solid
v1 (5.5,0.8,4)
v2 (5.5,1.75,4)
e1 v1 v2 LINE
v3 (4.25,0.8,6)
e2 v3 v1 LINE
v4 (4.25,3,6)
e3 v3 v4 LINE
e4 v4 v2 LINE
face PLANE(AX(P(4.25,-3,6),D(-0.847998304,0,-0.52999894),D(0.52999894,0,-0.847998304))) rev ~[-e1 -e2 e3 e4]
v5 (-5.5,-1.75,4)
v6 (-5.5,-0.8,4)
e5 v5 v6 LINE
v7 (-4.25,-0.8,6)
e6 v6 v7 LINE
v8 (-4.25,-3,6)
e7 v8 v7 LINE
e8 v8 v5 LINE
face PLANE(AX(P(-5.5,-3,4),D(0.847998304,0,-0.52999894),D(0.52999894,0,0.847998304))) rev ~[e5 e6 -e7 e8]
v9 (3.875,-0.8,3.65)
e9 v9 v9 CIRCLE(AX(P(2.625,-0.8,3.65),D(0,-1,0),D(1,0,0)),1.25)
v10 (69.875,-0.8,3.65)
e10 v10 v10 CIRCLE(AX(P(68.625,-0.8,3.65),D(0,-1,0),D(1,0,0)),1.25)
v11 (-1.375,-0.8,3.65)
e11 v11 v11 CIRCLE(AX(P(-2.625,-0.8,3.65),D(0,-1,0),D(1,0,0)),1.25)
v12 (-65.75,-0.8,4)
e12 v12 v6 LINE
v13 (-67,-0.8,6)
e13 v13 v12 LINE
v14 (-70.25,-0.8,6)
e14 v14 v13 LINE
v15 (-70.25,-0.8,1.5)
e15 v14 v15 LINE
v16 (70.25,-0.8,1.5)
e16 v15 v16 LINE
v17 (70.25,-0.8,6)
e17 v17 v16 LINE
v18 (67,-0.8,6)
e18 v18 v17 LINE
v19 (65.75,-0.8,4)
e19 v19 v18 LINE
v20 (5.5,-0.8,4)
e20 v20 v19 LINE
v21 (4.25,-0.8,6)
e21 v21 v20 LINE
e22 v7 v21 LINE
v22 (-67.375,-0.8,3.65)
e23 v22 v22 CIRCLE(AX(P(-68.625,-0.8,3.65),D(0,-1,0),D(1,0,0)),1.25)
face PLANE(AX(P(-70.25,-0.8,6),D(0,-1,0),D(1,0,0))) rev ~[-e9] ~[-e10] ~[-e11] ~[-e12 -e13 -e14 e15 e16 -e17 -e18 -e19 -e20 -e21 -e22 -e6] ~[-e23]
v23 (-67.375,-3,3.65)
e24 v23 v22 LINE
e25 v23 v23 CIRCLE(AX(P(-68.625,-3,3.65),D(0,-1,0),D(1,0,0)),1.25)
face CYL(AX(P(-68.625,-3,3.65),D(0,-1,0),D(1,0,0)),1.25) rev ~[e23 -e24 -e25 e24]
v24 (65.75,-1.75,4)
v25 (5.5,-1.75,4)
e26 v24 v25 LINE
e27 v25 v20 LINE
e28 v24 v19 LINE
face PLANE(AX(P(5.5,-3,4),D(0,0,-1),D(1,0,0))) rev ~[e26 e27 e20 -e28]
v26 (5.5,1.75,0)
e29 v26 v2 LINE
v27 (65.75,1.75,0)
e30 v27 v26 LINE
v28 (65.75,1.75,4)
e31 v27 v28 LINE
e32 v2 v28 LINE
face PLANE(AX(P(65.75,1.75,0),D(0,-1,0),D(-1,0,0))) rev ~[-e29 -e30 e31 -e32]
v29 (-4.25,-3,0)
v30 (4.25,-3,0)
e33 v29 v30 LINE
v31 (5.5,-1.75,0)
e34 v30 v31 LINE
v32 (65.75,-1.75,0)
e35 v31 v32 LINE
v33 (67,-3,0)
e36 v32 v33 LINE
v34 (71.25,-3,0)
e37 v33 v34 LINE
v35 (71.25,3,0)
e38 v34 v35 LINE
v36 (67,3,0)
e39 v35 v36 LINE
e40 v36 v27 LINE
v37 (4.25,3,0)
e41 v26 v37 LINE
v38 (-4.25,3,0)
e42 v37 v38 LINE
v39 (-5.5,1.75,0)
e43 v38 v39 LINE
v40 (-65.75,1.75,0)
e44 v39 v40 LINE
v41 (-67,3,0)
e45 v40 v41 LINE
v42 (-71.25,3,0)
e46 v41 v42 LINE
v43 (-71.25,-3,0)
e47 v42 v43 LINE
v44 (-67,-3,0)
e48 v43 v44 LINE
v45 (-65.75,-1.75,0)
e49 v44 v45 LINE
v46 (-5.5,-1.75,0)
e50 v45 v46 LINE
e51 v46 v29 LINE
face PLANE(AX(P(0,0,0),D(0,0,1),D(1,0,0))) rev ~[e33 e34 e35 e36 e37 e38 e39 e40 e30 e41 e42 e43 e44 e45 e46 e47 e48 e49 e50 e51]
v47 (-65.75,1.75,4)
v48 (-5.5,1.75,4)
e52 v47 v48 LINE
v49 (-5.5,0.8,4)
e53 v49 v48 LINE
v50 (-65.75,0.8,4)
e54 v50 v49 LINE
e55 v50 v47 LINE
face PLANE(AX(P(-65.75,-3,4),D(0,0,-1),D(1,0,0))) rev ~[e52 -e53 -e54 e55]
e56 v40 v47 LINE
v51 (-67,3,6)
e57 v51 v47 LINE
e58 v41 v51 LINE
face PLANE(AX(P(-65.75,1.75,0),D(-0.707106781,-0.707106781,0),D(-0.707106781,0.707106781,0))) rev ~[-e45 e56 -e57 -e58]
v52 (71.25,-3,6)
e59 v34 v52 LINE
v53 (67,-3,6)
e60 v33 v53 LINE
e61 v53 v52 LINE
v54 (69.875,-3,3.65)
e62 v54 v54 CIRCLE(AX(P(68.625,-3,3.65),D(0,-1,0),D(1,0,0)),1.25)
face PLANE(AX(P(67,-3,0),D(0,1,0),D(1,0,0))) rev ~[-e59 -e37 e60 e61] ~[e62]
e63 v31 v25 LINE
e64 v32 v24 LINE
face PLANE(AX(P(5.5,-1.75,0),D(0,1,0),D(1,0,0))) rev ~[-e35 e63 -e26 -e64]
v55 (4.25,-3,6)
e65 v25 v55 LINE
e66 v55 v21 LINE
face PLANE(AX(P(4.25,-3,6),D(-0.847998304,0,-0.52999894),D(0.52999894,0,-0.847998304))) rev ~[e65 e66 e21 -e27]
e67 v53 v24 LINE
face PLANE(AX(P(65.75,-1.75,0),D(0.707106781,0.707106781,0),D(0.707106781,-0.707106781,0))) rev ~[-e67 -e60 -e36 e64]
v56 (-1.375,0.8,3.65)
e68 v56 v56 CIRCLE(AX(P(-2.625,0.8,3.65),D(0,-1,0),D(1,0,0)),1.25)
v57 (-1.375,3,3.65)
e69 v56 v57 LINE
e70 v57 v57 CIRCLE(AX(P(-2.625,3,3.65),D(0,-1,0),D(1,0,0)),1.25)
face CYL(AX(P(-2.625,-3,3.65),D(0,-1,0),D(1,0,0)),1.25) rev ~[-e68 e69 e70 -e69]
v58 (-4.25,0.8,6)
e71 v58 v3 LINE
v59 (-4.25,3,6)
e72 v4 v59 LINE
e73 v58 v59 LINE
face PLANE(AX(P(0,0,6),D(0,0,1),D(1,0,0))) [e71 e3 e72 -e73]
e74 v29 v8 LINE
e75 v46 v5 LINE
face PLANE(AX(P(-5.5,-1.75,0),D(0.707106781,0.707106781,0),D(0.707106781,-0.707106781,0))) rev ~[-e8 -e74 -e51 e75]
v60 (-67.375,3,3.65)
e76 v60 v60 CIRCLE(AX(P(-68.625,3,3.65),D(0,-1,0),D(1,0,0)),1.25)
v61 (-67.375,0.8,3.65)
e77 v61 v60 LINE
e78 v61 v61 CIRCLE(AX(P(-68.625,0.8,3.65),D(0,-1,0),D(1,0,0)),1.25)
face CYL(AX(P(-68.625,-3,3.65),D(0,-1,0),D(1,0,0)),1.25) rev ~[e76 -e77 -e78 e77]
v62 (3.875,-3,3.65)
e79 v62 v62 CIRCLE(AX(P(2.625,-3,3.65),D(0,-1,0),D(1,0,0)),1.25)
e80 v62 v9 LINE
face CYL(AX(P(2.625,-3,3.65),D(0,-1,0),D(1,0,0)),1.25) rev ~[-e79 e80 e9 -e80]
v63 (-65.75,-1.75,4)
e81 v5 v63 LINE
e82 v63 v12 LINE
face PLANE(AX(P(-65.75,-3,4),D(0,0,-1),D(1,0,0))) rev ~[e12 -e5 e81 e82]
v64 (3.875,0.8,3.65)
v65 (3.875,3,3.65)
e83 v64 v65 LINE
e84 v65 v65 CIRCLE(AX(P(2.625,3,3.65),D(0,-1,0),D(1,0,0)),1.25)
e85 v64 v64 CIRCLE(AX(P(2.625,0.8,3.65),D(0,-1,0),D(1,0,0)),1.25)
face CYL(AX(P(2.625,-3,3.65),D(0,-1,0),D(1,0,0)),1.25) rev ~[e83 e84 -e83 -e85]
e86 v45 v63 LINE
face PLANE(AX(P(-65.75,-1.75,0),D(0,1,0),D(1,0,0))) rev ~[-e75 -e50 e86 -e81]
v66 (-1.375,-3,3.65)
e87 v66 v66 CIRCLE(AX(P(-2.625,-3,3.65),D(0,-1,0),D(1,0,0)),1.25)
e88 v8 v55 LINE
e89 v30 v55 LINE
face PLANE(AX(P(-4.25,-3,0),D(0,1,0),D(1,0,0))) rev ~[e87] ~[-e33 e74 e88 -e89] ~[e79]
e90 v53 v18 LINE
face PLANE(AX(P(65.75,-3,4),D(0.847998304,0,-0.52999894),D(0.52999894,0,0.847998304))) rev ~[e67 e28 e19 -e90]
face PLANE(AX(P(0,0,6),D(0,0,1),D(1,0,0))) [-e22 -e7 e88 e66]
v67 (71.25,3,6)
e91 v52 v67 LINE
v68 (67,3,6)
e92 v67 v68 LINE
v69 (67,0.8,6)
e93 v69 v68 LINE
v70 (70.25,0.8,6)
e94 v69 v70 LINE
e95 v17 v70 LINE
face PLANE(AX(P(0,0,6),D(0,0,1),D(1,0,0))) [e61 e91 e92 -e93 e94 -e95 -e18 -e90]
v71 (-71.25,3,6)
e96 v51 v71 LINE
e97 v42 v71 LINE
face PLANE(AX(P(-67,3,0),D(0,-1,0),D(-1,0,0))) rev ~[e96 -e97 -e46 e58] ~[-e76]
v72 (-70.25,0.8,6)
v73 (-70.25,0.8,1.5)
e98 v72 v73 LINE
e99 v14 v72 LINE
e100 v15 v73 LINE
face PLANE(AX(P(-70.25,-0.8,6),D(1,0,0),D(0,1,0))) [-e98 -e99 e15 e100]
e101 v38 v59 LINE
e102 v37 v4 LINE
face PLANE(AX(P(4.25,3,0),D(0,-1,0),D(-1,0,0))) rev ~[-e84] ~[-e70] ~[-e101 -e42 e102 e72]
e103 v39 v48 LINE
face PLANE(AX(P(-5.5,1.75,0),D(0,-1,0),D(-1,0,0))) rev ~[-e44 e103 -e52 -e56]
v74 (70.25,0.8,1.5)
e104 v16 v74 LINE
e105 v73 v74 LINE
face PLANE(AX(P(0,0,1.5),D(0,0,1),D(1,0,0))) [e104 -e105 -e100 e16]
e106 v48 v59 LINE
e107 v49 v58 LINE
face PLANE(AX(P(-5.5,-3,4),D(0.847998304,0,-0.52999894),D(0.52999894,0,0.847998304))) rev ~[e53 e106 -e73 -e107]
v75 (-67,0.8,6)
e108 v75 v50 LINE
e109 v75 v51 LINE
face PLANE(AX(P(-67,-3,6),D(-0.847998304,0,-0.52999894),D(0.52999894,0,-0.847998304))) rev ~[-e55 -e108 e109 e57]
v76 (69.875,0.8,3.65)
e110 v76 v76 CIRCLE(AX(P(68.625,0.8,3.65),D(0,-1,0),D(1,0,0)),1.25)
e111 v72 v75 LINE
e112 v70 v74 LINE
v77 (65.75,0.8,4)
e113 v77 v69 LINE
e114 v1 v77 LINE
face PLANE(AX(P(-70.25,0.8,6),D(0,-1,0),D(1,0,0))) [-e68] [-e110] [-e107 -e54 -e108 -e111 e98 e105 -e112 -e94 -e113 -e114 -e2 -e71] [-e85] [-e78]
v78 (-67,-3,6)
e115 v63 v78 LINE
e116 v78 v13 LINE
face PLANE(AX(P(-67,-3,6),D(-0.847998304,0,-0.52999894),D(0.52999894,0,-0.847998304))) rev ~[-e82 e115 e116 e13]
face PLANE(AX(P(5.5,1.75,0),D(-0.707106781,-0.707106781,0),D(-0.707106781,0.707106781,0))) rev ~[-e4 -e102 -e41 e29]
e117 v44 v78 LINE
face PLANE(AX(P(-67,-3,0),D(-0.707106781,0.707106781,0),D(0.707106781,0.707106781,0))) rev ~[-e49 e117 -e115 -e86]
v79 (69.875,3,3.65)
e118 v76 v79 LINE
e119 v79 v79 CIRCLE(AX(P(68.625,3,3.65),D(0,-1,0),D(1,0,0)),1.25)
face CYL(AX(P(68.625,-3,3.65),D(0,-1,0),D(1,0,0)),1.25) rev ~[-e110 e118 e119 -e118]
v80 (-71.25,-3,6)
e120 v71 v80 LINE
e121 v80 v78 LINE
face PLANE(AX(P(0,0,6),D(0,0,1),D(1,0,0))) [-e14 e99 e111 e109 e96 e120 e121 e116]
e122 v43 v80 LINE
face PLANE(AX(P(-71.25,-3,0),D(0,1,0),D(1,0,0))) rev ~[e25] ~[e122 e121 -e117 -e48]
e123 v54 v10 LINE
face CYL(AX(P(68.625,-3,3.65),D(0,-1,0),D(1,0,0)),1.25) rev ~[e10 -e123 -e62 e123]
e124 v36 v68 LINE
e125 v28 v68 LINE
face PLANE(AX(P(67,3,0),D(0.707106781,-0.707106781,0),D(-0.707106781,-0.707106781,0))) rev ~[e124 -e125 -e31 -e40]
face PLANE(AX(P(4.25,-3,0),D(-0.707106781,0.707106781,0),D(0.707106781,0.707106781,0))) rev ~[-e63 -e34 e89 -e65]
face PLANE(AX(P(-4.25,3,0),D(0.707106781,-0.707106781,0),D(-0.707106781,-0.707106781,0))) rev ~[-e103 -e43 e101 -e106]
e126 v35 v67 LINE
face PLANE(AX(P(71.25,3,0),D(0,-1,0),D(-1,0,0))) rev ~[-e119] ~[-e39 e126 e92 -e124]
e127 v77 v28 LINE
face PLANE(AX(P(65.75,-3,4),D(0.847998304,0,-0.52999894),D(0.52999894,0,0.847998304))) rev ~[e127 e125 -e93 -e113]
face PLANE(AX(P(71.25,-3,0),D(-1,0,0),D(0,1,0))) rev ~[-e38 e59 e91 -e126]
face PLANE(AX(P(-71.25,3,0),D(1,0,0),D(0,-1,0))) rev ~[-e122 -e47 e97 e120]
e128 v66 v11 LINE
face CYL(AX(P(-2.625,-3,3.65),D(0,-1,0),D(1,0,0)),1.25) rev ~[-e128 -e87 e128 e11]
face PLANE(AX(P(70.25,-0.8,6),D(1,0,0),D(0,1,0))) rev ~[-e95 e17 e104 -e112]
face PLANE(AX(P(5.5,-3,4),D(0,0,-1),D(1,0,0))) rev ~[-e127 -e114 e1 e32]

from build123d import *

# Parameters (mm, degrees)
PAD_DEPTH       = 6
SKETCH001_W     = 140.5
SKETCH001_H     = 1.6
POCKET_DEPTH    = 4.5
SKETCH002_R     = 1.25
POCKET001_DEPTH = 6.001


with BuildPart() as part:
    # Sketch → Pad (new body)
    with BuildSketch(Plane.XY):
        Polygon((-71.25, 3), (-71.25, -3), (-67, -3), (-65.75, -1.75), (-5.5, -1.75), (-4.25, -3), (4.25, -3), (5.5, -1.75), (65.75, -1.75), (67, -3), (71.25, -3), (71.25, 3), (67, 3), (65.75, 1.75), (5.5, 1.75), (4.25, 3), (-4.25, 3), (-5.5, 1.75), (-65.75, 1.75), (-67, 3), align=None)
    extrude(amount=PAD_DEPTH)

    # Sketch001 (on Face22 of Pad) → Pocket (cut)
    with BuildSketch(Plane.XY.offset(6)):
        Rectangle(SKETCH001_W, SKETCH001_H)
    extrude(amount=-POCKET_DEPTH, mode=Mode.SUBTRACT)

    # Sketch002 (on Face10 of Pocket) → Pocket001 (cut, through all)
    with BuildSketch(Plane.XZ.offset(3)):
        with Locations((-68.625, 3.65)):
            Circle(SKETCH002_R)
        with Locations((-2.625, 3.65)):
            Circle(SKETCH002_R)
        with Locations((2.625, 3.65)):
            Circle(SKETCH002_R)
        with Locations((68.625, 3.65)):
            Circle(SKETCH002_R)
        Polygon((-67, 6), (-65.75, 4), (-5.5, 4), (-4.25, 6), align=None)
        Polygon((4.25, 6), (5.5, 4), (65.75, 4), (67, 6), align=None)
    extrude(amount=-POCKET001_DEPTH, mode=Mode.SUBTRACT)


solid = part.part
